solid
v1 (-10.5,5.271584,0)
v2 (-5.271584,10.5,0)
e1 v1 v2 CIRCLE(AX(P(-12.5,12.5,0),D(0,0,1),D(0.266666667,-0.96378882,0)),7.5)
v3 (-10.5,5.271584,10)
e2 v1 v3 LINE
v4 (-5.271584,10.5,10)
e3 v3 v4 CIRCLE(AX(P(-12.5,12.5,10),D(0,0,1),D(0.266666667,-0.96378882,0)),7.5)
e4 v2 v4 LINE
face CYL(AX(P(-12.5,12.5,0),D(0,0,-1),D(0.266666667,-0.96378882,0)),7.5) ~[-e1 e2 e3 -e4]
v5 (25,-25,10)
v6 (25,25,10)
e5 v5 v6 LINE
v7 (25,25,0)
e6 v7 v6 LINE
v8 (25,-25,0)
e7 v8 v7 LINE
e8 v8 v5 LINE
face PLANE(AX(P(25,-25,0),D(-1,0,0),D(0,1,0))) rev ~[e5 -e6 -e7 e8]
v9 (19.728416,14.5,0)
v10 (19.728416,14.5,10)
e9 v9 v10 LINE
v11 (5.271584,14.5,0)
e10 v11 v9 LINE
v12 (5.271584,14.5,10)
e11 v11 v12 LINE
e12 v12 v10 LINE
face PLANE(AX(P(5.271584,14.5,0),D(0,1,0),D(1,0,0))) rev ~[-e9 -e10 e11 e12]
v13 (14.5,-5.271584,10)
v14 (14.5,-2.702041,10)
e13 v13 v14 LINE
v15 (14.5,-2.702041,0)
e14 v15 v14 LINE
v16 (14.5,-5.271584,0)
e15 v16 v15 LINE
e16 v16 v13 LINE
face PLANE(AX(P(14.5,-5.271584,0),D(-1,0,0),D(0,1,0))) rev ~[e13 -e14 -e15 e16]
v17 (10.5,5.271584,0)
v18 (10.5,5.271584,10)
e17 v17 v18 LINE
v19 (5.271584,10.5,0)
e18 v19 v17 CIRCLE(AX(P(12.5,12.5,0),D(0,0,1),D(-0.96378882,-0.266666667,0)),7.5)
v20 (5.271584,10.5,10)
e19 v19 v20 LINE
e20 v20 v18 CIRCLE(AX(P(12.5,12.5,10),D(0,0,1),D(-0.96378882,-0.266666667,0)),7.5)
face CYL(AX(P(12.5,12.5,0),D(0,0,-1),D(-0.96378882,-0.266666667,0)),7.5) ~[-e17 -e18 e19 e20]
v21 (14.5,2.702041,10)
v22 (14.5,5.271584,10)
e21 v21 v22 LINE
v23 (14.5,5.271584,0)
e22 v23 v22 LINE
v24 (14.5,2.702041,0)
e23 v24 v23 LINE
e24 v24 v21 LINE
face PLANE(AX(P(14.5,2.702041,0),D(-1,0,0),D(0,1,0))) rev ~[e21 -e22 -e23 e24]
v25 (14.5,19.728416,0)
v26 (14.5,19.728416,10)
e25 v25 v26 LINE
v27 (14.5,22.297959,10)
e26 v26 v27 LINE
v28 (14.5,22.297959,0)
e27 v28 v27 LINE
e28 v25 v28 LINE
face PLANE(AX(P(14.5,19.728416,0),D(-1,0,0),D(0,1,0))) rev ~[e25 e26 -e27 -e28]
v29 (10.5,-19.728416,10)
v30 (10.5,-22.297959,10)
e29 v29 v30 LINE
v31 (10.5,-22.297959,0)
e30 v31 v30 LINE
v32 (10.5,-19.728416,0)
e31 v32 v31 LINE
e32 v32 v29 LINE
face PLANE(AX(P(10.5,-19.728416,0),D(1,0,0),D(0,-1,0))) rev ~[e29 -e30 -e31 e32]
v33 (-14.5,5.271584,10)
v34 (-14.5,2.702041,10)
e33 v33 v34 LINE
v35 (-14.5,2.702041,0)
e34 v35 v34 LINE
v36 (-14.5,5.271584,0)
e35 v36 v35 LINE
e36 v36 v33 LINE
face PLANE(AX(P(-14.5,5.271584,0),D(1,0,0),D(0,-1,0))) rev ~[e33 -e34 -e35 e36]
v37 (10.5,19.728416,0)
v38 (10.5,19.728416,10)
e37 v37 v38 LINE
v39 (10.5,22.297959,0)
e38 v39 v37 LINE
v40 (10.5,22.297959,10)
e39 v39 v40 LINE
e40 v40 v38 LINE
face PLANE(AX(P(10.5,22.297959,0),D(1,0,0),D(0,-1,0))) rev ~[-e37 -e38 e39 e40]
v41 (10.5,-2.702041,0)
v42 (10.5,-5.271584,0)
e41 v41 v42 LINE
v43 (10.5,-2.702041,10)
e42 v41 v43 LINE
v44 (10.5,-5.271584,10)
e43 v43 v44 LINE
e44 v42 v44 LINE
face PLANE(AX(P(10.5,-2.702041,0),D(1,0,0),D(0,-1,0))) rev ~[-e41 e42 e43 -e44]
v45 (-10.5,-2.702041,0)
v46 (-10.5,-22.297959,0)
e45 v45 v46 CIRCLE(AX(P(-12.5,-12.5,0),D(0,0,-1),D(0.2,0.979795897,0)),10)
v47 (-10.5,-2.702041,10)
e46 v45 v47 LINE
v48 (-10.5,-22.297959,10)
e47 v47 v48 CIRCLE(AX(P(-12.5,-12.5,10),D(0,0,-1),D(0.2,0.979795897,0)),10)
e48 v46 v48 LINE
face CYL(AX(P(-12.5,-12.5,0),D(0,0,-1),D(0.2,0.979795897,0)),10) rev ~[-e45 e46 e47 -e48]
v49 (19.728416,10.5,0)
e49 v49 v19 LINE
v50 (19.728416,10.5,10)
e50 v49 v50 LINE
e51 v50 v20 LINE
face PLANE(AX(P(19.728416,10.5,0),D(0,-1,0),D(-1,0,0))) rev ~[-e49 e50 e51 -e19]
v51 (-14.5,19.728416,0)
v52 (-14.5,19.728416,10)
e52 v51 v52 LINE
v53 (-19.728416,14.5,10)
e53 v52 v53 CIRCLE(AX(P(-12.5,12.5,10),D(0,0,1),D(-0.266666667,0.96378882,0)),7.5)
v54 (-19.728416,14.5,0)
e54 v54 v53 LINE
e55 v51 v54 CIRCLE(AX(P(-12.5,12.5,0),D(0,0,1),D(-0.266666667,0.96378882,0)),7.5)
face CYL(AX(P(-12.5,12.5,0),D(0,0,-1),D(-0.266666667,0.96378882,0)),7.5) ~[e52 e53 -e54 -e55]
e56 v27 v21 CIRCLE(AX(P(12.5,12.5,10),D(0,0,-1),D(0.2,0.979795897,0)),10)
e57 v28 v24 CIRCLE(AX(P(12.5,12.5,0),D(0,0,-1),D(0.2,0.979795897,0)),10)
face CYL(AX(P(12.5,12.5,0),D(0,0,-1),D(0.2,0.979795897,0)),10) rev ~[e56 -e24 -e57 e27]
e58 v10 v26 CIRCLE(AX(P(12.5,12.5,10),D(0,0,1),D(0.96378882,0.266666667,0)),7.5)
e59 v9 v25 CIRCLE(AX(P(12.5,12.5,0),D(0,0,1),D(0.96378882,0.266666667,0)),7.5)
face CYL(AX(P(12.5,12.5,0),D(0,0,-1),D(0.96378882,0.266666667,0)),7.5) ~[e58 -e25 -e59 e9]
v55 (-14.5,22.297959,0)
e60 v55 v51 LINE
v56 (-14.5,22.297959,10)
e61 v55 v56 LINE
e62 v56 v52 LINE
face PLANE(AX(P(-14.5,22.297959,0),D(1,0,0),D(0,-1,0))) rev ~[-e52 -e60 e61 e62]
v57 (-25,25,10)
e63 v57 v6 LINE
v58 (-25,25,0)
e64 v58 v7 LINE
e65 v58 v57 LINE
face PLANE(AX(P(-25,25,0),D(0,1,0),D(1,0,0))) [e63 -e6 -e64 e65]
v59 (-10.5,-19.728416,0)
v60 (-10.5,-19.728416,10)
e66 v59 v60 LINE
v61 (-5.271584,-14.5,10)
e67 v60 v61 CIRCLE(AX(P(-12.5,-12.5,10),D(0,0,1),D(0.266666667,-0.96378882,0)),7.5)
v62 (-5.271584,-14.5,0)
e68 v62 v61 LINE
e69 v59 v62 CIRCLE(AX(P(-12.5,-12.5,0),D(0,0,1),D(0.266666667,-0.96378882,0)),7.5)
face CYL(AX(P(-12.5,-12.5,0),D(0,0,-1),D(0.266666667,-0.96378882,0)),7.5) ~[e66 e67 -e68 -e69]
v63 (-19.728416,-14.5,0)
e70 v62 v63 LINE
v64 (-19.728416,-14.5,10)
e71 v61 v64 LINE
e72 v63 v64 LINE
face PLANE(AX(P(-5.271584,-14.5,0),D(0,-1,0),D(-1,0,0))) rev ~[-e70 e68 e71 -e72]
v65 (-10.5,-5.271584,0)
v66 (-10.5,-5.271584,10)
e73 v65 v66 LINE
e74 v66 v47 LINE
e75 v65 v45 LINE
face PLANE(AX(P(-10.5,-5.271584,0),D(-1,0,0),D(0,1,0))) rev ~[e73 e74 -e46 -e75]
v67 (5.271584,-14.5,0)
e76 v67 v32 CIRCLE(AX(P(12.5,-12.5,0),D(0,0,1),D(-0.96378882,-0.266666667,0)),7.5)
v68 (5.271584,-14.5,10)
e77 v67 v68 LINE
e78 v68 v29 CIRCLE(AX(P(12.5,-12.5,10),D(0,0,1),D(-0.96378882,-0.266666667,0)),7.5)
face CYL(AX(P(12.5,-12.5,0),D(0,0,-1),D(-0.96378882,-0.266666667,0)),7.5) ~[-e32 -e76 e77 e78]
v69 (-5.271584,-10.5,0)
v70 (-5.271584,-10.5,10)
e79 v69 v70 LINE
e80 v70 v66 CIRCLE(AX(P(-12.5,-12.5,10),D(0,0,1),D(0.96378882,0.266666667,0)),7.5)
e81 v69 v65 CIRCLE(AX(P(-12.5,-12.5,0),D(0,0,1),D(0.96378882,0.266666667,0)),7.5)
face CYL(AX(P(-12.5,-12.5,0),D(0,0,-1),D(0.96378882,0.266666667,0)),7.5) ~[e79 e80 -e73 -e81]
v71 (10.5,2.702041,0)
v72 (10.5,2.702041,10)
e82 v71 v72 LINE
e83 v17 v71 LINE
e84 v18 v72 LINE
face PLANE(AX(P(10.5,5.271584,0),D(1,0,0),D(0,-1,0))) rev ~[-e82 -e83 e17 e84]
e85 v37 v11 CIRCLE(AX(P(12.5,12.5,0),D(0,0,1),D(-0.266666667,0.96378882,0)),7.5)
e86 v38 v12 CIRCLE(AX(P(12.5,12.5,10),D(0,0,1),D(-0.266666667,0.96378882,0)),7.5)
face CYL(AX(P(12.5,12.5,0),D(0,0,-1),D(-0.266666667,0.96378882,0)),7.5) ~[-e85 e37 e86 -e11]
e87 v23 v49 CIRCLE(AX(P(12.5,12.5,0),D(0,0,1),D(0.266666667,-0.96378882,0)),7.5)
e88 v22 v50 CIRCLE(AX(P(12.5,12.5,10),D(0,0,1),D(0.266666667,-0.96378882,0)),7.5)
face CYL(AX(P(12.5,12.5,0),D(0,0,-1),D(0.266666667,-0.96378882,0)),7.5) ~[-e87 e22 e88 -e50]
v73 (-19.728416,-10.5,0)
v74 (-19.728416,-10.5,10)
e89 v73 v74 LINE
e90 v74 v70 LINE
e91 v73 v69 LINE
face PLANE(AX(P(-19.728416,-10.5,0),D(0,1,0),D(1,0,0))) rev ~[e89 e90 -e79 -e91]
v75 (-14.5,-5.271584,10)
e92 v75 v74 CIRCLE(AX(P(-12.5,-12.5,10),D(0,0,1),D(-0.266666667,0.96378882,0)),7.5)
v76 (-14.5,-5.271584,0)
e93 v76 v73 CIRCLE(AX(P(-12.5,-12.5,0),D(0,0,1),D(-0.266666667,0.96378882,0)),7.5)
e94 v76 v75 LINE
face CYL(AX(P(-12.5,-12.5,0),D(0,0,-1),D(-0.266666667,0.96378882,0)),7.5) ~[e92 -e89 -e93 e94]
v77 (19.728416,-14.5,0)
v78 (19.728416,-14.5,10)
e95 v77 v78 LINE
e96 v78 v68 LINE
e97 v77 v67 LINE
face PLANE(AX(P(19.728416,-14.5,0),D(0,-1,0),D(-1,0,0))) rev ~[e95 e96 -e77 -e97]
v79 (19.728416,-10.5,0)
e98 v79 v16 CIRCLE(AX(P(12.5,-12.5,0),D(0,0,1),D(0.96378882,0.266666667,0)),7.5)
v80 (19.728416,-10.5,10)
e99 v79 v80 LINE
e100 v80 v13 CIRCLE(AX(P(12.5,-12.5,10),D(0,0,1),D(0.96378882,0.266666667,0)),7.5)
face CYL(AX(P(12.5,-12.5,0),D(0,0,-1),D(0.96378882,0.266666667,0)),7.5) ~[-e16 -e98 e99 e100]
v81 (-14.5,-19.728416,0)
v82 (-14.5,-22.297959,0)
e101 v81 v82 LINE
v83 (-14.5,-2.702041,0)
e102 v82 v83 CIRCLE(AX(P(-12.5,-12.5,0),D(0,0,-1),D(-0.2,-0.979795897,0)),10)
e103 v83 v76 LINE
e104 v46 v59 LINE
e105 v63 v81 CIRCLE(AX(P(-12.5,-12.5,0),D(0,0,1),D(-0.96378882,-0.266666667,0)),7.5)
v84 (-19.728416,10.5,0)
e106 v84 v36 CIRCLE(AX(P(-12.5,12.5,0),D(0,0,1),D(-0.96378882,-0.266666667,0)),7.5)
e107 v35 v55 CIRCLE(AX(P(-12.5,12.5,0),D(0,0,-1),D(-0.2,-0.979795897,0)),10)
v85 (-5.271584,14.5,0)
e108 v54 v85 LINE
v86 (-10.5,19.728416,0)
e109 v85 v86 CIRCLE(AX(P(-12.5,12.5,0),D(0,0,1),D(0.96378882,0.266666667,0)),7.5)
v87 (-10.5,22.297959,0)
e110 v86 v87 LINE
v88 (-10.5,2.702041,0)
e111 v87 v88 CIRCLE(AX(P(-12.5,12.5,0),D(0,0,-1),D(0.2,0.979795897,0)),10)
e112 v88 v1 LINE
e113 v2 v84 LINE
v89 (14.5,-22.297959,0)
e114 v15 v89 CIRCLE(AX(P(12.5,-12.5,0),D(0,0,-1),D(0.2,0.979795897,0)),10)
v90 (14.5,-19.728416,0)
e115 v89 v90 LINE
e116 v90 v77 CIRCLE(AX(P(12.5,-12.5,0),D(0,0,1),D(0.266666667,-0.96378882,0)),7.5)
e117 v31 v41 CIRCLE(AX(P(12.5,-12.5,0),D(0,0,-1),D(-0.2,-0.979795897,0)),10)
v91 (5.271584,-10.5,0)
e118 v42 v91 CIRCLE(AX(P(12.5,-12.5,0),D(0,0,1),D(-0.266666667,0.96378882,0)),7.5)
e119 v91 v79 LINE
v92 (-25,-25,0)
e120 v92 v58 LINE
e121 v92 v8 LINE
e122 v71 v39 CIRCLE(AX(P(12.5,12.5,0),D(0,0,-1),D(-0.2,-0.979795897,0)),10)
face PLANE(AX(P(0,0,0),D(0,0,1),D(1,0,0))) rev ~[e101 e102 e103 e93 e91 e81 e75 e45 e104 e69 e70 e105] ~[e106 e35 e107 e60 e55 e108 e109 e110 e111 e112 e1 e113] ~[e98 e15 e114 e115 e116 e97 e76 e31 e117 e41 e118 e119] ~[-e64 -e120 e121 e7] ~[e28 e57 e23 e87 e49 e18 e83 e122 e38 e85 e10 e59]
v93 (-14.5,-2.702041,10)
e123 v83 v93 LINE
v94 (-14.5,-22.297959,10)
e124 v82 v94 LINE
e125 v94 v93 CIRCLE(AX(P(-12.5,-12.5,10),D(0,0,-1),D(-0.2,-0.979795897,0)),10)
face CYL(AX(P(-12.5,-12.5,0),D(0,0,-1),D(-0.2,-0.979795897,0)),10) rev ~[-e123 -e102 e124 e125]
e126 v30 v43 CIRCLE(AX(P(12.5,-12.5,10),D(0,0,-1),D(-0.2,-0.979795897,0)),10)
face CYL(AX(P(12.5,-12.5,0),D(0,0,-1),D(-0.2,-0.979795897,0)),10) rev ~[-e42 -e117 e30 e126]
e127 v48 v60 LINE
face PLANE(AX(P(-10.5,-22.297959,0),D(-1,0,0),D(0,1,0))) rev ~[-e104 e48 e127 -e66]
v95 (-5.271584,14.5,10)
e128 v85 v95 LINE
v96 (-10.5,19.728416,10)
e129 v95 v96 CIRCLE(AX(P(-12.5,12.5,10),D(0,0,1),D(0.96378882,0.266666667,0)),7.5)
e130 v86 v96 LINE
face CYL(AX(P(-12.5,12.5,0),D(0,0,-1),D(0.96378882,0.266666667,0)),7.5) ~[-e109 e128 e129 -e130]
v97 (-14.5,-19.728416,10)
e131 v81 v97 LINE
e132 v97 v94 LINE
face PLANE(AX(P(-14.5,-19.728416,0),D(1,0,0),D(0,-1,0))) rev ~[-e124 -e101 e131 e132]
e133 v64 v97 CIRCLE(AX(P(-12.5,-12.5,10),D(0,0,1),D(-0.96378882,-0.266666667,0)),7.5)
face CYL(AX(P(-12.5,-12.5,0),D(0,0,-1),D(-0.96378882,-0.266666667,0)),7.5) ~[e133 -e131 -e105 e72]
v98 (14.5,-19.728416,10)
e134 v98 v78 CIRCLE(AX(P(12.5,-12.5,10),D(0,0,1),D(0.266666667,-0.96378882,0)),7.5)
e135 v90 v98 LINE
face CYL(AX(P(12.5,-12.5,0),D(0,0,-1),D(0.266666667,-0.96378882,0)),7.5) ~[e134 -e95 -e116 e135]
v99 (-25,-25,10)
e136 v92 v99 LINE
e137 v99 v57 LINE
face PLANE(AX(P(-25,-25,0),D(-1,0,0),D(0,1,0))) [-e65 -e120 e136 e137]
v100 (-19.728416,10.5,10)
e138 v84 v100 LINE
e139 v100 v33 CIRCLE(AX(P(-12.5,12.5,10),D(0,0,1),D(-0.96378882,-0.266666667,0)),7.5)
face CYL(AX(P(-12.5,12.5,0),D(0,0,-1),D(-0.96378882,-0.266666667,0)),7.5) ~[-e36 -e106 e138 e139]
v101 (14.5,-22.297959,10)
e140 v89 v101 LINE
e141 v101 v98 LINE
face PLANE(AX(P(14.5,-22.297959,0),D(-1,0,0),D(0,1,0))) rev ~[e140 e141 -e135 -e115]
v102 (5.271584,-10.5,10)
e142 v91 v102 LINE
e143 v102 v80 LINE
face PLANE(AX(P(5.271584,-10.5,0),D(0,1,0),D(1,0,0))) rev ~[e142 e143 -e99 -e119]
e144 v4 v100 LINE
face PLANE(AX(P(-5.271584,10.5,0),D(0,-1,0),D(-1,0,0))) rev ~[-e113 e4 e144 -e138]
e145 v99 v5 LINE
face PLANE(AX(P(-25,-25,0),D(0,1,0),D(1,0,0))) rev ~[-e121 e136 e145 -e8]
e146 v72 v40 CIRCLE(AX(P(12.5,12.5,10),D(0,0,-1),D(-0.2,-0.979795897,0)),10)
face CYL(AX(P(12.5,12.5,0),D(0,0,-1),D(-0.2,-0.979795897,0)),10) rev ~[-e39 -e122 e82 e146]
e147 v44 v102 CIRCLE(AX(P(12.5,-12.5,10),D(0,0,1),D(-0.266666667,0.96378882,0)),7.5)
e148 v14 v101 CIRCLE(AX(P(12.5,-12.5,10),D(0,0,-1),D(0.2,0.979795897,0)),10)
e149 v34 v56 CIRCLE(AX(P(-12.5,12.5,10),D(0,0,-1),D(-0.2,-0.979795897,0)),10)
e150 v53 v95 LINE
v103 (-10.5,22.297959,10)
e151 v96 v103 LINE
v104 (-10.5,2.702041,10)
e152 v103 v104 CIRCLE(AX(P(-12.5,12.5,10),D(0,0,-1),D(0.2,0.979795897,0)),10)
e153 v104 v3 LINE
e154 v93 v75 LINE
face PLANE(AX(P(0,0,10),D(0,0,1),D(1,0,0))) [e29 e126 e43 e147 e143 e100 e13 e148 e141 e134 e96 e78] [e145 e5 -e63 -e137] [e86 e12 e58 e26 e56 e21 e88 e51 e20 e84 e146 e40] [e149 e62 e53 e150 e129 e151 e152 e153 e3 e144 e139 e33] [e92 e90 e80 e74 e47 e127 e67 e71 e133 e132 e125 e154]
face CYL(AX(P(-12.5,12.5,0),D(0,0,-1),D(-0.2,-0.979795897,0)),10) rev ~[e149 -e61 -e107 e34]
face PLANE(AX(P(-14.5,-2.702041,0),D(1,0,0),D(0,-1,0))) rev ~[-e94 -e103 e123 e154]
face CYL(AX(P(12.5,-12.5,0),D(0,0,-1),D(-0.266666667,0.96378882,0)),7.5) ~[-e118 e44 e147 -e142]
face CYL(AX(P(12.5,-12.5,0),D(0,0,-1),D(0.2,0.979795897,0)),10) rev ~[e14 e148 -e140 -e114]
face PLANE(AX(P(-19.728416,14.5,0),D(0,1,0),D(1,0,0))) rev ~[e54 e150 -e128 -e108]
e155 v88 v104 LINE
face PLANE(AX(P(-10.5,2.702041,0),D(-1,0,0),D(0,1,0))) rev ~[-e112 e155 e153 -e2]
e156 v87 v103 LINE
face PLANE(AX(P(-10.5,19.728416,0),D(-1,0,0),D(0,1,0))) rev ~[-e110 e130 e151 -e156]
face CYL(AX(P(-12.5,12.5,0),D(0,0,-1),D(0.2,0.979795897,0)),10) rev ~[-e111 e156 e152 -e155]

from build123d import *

# Parameters (mm, degrees)
F1_W     = 50
F1_H     = 50
F2_DEPTH = 10


with BuildPart() as f2:
    # F1 (on Top) → F2 (new body)
    with BuildSketch(Plane.XY):
        Rectangle(F1_W, F1_H)
        with BuildLine():
            Line((-14.5, -19.7284161474), (-14.5, -22.2979589711))
            ThreePointArc((-14.5, -22.2979589711), (-22.5, -12.5), (-14.5, -2.7020410289))
            Line((-14.5, -2.7020410289), (-14.5, -5.2715838526))
            ThreePointArc((-14.5, -5.2715838526), (-17.8033008589, -7.1966991411), (-19.7284161474, -10.5))
            Line((-19.7284161474, -10.5), (-5.2715838526, -10.5))
            ThreePointArc((-5.2715838526, -10.5), (-7.1966991411, -7.1966991411), (-10.5, -5.2715838526))
            Line((-10.5, -5.2715838526), (-10.5, -2.7020410289))
            ThreePointArc((-10.5, -2.7020410289), (-2.5, -12.5), (-10.5, -22.2979589711))
            Line((-10.5, -22.2979589711), (-10.5, -19.7284161474))
            ThreePointArc((-10.5, -19.7284161474), (-7.1966991411, -17.8033008589), (-5.2715838526, -14.5))
            Line((-5.2715838526, -14.5), (-19.7284161474, -14.5))
            ThreePointArc((-19.7284161474, -14.5), (-17.8033008589, -17.8033008589), (-14.5, -19.7284161474))
        make_face(mode=Mode.SUBTRACT)
        with BuildLine():
            ThreePointArc((10.5, -22.2979589711), (2.5, -12.5), (10.5, -2.7020410289))
            Line((10.5, -2.7020410289), (10.5, -5.2715838526))
            ThreePointArc((10.5, -5.2715838526), (7.1966991411, -7.1966991411), (5.2715838526, -10.5))
            Line((5.2715838526, -10.5), (19.7284161474, -10.5))
            ThreePointArc((19.7284161474, -10.5), (17.8033008589, -7.1966991411), (14.5, -5.2715838526))
            Line((14.5, -5.2715838526), (14.5, -2.7020410289))
            ThreePointArc((14.5, -2.7020410289), (22.5, -12.5), (14.5, -22.2979589711))
            Line((14.5, -22.2979589711), (14.5, -19.7284161474))
            ThreePointArc((14.5, -19.7284161474), (17.8033008589, -17.8033008589), (19.7284161474, -14.5))
            Line((19.7284161474, -14.5), (5.2715838526, -14.5))
            ThreePointArc((5.2715838526, -14.5), (7.1966991411, -17.8033008589), (10.5, -19.7284161474))
            Line((10.5, -19.7284161474), (10.5, -22.2979589711))
        make_face(mode=Mode.SUBTRACT)
        with BuildLine():
            ThreePointArc((-14.5, 2.7020410289), (-22.5, 12.5), (-14.5, 22.2979589711))
            Line((-14.5, 22.2979589711), (-14.5, 19.7284161474))
            ThreePointArc((-14.5, 19.7284161474), (-17.8033008589, 17.8033008589), (-19.7284161474, 14.5))
            Line((-19.7284161474, 14.5), (-5.2715838526, 14.5))
            ThreePointArc((-5.2715838526, 14.5), (-7.1966991411, 17.8033008589), (-10.5, 19.7284161474))
            Line((-10.5, 19.7284161474), (-10.5, 22.2979589711))
            ThreePointArc((-10.5, 22.2979589711), (-2.5, 12.5), (-10.5, 2.7020410289))
            Line((-10.5, 2.7020410289), (-10.5, 5.2715838526))
            ThreePointArc((-10.5, 5.2715838526), (-7.1966991411, 7.1966991411), (-5.2715838526, 10.5))
            Line((-5.2715838526, 10.5), (-19.7284161474, 10.5))
            ThreePointArc((-19.7284161474, 10.5), (-17.8033008589, 7.1966991411), (-14.5, 5.2715838526))
            Line((-14.5, 5.2715838526), (-14.5, 2.7020410289))
        make_face(mode=Mode.SUBTRACT)
        with BuildLine():
            Line((14.5, 2.7020410289), (14.5, 5.2715838526))
            ThreePointArc((14.5, 5.2715838526), (17.8033008589, 7.1966991411), (19.7284161474, 10.5))
            Line((19.7284161474, 10.5), (5.2715838526, 10.5))
            ThreePointArc((5.2715838526, 10.5), (7.1966991411, 7.1966991411), (10.5, 5.2715838526))
            Line((10.5, 5.2715838526), (10.5, 2.7020410289))
            ThreePointArc((10.5, 2.7020410289), (2.5, 12.5), (10.5, 22.2979589711))
            Line((10.5, 22.2979589711), (10.5, 19.7284161474))
            ThreePointArc((10.5, 19.7284161474), (7.1966991411, 17.8033008589), (5.2715838526, 14.5))
            Line((5.2715838526, 14.5), (19.7284161474, 14.5))
            ThreePointArc((19.7284161474, 14.5), (17.8033008589, 17.8033008589), (14.5, 19.7284161474))
            Line((14.5, 19.7284161474), (14.5, 22.2979589711))
            ThreePointArc((14.5, 22.2979589711), (22.5, 12.5), (14.5, 2.7020410289))
        make_face(mode=Mode.SUBTRACT)
    extrude(amount=F2_DEPTH)


solid = f2.part
